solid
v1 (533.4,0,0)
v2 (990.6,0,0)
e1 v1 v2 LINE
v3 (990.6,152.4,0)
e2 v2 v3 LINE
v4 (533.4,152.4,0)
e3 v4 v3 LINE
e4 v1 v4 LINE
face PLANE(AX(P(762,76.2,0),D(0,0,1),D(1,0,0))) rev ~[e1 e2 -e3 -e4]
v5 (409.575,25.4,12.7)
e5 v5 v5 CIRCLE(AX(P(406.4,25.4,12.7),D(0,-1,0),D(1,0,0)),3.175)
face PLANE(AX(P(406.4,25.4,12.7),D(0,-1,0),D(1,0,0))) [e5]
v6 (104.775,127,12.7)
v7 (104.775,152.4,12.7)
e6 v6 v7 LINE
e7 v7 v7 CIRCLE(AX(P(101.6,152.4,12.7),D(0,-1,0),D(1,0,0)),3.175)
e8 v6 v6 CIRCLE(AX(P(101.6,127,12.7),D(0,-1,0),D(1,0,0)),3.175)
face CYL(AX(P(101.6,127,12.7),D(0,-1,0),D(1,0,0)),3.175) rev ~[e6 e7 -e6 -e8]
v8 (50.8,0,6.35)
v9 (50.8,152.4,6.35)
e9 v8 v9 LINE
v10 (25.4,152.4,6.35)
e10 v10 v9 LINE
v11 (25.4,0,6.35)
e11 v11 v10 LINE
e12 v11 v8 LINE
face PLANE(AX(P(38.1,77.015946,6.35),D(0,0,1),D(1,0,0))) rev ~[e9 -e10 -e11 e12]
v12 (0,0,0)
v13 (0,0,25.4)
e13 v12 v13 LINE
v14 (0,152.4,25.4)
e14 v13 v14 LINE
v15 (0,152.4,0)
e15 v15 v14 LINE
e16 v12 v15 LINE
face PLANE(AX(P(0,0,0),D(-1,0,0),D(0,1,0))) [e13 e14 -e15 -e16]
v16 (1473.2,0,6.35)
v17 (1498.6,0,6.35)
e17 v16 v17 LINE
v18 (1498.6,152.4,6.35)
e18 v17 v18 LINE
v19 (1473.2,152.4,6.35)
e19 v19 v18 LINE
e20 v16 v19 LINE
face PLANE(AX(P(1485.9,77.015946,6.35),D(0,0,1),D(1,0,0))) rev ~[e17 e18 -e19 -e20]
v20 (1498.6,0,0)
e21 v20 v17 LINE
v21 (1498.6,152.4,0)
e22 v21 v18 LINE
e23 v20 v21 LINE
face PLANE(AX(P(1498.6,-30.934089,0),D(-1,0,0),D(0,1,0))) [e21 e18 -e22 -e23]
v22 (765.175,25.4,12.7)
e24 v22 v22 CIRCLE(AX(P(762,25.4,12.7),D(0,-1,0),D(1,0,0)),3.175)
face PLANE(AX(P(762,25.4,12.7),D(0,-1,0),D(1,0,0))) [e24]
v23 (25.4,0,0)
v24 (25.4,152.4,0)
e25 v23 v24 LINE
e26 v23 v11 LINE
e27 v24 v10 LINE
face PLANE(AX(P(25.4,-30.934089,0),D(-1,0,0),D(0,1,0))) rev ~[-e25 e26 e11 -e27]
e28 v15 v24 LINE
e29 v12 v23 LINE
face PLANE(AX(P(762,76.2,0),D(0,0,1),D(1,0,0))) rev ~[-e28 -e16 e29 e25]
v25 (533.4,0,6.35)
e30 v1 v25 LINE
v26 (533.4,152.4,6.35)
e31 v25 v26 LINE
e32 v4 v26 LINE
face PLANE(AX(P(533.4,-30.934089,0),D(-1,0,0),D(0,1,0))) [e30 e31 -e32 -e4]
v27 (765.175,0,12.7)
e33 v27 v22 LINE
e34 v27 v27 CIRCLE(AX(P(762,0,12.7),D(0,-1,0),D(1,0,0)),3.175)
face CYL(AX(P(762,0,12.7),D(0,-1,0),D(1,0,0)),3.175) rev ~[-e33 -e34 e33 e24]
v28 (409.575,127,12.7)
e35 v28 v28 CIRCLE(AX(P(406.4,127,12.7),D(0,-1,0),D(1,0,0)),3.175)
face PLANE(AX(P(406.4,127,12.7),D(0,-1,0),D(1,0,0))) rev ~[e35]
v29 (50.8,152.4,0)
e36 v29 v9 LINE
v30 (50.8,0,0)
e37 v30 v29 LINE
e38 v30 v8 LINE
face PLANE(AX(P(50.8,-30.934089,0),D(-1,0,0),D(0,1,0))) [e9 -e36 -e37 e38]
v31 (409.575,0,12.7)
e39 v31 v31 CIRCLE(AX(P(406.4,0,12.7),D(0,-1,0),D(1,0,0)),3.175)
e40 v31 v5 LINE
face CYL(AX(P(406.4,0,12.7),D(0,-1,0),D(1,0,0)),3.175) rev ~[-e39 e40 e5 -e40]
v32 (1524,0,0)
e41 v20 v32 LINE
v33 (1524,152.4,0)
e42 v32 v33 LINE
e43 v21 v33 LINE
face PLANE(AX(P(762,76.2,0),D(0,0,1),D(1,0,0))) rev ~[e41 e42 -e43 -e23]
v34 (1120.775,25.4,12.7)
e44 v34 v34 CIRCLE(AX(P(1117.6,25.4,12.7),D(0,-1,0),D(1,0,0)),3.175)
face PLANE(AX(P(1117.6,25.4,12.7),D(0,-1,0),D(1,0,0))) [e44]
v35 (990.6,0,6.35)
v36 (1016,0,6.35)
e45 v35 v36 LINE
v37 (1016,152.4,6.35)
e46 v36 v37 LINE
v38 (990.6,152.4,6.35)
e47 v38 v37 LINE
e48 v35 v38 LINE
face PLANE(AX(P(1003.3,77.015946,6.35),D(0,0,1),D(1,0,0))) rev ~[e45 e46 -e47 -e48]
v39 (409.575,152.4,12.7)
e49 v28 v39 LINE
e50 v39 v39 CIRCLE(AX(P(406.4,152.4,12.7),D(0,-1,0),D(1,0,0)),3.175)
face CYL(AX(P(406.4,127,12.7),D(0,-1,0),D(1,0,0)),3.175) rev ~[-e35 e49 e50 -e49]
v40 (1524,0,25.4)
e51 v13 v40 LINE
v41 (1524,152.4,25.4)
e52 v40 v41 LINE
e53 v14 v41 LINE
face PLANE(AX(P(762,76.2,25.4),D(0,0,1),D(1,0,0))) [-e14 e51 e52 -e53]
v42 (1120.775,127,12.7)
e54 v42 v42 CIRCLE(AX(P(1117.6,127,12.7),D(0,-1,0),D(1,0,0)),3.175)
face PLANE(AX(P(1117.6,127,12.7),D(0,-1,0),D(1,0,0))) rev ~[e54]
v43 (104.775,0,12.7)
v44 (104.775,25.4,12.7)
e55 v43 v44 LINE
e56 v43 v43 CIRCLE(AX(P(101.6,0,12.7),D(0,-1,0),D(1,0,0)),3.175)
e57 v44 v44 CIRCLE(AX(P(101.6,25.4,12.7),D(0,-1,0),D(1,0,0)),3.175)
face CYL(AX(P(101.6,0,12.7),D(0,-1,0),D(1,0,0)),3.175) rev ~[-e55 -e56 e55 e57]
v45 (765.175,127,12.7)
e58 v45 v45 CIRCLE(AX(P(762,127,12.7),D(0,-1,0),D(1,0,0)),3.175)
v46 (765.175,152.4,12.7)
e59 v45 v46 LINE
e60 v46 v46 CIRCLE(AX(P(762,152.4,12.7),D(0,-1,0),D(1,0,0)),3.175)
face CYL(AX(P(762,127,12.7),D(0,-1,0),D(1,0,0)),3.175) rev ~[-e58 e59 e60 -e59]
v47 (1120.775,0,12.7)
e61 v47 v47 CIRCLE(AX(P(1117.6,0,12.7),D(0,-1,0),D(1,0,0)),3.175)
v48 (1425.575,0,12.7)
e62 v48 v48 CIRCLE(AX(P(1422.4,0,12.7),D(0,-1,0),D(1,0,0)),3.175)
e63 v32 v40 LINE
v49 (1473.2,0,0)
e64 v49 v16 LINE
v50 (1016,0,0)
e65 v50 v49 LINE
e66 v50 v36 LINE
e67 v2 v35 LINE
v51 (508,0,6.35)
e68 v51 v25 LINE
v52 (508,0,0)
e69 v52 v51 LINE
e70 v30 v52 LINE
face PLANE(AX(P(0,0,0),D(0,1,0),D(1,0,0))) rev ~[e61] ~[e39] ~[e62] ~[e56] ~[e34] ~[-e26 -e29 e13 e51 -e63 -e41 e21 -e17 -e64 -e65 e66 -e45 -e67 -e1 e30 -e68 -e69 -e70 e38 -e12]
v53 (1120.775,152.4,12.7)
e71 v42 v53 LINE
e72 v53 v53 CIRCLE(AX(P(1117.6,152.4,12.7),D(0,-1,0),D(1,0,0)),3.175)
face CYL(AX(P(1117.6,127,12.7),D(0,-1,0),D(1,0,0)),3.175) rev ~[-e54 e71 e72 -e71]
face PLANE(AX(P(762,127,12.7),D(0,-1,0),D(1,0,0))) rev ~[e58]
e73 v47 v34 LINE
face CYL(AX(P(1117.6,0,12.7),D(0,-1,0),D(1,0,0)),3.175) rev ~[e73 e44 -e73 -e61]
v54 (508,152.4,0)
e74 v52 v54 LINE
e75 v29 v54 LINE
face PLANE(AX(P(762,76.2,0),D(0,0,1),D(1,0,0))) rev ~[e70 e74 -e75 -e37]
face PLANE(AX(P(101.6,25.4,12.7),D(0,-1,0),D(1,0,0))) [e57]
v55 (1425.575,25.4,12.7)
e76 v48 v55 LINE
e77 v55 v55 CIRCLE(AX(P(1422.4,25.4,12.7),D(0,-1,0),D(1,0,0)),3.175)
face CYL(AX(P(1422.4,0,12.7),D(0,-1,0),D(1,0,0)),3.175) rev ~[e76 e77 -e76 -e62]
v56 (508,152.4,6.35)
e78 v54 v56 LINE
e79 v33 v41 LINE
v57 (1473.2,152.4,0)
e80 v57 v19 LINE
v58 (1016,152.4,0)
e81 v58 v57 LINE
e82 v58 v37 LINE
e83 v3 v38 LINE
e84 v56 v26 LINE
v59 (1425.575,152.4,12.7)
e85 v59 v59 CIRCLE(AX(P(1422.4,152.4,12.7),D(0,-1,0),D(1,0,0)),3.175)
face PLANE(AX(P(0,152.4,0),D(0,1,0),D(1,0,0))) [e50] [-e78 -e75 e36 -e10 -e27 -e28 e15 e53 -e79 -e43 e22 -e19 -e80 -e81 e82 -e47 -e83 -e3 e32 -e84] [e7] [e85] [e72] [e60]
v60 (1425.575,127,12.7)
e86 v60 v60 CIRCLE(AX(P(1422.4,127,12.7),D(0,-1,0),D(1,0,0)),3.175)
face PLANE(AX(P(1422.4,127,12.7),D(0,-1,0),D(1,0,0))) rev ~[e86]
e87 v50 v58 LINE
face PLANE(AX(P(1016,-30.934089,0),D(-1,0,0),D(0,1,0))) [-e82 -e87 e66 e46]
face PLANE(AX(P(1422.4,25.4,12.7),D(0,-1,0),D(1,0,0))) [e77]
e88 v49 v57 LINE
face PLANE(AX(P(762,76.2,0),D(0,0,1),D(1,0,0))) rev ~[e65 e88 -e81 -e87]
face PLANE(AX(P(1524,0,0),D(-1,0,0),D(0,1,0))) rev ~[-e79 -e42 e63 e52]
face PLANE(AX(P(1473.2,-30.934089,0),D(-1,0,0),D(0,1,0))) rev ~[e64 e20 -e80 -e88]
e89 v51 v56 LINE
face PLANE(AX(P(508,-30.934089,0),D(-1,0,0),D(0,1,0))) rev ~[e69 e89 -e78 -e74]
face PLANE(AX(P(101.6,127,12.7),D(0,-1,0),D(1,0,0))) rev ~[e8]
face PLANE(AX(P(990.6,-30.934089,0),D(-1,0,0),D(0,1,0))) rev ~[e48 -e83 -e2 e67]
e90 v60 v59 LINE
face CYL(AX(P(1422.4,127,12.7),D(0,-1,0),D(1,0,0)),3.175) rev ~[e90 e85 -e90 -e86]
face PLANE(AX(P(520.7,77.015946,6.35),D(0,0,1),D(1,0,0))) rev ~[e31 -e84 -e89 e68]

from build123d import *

# Parameters (mm, degrees)
F0_W     = 1524
F0_H     = 152.4
F1_DEPTH = 25.4
F2_W     = 25.4
F2_H     = 215.9000692942
F3_DEPTH = 6.35
F4_R     = 3.175
F5_DEPTH = 25.4
F6_START = -127
F6_DEPTH = 25.4


with BuildPart() as f1:
    # F0 (on Top) → F1 (new body)
    with BuildSketch(Plane.XY):
        with Locations((762, 76.2)):
            Rectangle(F0_W, F0_H)
    extrude(amount=F1_DEPTH)

    # F2 (on Top) → F3 (cut)
    with BuildSketch(Plane.XY):
        with Locations((38.1, 77.0159456879)):
            Rectangle(F2_W, F2_H)
        with Locations((520.7, 77.0159456879)):
            Rectangle(F2_W, F2_H)
        with Locations((1003.3, 77.0159456879)):
            Rectangle(F2_W, F2_H)
        with Locations((1485.9, 77.0159456879)):
            Rectangle(F2_W, F2_H)
    extrude(amount=F3_DEPTH, mode=Mode.SUBTRACT)

    # F4 (on Front) → F5 (cut)
    with BuildSketch(Plane.XZ):
        with Locations((101.6, 12.7)):
            Circle(F4_R)
        with Locations((406.4, 12.7)):
            Circle(F4_R)
        with Locations((762, 12.7)):
            Circle(F4_R)
        with Locations((1117.6, 12.7)):
            Circle(F4_R)
        with Locations((1422.4, 12.7)):
            Circle(F4_R)
    extrude(amount=-F5_DEPTH, mode=Mode.SUBTRACT)

    # F4 (on Front) → F6 (cut)
    with BuildSketch(Plane.XZ.offset(F6_START)):
        with Locations((762, 12.7)):
            Circle(F4_R)
        with Locations((1117.6, 12.7)):
            Circle(F4_R)
        with Locations((1422.4, 12.7)):
            Circle(F4_R)
        with Locations((406.4, 12.7)):
            Circle(F4_R)
        with Locations((101.6, 12.7)):
            Circle(F4_R)
    extrude(amount=-F6_DEPTH, mode=Mode.SUBTRACT)


solid = f1.part
